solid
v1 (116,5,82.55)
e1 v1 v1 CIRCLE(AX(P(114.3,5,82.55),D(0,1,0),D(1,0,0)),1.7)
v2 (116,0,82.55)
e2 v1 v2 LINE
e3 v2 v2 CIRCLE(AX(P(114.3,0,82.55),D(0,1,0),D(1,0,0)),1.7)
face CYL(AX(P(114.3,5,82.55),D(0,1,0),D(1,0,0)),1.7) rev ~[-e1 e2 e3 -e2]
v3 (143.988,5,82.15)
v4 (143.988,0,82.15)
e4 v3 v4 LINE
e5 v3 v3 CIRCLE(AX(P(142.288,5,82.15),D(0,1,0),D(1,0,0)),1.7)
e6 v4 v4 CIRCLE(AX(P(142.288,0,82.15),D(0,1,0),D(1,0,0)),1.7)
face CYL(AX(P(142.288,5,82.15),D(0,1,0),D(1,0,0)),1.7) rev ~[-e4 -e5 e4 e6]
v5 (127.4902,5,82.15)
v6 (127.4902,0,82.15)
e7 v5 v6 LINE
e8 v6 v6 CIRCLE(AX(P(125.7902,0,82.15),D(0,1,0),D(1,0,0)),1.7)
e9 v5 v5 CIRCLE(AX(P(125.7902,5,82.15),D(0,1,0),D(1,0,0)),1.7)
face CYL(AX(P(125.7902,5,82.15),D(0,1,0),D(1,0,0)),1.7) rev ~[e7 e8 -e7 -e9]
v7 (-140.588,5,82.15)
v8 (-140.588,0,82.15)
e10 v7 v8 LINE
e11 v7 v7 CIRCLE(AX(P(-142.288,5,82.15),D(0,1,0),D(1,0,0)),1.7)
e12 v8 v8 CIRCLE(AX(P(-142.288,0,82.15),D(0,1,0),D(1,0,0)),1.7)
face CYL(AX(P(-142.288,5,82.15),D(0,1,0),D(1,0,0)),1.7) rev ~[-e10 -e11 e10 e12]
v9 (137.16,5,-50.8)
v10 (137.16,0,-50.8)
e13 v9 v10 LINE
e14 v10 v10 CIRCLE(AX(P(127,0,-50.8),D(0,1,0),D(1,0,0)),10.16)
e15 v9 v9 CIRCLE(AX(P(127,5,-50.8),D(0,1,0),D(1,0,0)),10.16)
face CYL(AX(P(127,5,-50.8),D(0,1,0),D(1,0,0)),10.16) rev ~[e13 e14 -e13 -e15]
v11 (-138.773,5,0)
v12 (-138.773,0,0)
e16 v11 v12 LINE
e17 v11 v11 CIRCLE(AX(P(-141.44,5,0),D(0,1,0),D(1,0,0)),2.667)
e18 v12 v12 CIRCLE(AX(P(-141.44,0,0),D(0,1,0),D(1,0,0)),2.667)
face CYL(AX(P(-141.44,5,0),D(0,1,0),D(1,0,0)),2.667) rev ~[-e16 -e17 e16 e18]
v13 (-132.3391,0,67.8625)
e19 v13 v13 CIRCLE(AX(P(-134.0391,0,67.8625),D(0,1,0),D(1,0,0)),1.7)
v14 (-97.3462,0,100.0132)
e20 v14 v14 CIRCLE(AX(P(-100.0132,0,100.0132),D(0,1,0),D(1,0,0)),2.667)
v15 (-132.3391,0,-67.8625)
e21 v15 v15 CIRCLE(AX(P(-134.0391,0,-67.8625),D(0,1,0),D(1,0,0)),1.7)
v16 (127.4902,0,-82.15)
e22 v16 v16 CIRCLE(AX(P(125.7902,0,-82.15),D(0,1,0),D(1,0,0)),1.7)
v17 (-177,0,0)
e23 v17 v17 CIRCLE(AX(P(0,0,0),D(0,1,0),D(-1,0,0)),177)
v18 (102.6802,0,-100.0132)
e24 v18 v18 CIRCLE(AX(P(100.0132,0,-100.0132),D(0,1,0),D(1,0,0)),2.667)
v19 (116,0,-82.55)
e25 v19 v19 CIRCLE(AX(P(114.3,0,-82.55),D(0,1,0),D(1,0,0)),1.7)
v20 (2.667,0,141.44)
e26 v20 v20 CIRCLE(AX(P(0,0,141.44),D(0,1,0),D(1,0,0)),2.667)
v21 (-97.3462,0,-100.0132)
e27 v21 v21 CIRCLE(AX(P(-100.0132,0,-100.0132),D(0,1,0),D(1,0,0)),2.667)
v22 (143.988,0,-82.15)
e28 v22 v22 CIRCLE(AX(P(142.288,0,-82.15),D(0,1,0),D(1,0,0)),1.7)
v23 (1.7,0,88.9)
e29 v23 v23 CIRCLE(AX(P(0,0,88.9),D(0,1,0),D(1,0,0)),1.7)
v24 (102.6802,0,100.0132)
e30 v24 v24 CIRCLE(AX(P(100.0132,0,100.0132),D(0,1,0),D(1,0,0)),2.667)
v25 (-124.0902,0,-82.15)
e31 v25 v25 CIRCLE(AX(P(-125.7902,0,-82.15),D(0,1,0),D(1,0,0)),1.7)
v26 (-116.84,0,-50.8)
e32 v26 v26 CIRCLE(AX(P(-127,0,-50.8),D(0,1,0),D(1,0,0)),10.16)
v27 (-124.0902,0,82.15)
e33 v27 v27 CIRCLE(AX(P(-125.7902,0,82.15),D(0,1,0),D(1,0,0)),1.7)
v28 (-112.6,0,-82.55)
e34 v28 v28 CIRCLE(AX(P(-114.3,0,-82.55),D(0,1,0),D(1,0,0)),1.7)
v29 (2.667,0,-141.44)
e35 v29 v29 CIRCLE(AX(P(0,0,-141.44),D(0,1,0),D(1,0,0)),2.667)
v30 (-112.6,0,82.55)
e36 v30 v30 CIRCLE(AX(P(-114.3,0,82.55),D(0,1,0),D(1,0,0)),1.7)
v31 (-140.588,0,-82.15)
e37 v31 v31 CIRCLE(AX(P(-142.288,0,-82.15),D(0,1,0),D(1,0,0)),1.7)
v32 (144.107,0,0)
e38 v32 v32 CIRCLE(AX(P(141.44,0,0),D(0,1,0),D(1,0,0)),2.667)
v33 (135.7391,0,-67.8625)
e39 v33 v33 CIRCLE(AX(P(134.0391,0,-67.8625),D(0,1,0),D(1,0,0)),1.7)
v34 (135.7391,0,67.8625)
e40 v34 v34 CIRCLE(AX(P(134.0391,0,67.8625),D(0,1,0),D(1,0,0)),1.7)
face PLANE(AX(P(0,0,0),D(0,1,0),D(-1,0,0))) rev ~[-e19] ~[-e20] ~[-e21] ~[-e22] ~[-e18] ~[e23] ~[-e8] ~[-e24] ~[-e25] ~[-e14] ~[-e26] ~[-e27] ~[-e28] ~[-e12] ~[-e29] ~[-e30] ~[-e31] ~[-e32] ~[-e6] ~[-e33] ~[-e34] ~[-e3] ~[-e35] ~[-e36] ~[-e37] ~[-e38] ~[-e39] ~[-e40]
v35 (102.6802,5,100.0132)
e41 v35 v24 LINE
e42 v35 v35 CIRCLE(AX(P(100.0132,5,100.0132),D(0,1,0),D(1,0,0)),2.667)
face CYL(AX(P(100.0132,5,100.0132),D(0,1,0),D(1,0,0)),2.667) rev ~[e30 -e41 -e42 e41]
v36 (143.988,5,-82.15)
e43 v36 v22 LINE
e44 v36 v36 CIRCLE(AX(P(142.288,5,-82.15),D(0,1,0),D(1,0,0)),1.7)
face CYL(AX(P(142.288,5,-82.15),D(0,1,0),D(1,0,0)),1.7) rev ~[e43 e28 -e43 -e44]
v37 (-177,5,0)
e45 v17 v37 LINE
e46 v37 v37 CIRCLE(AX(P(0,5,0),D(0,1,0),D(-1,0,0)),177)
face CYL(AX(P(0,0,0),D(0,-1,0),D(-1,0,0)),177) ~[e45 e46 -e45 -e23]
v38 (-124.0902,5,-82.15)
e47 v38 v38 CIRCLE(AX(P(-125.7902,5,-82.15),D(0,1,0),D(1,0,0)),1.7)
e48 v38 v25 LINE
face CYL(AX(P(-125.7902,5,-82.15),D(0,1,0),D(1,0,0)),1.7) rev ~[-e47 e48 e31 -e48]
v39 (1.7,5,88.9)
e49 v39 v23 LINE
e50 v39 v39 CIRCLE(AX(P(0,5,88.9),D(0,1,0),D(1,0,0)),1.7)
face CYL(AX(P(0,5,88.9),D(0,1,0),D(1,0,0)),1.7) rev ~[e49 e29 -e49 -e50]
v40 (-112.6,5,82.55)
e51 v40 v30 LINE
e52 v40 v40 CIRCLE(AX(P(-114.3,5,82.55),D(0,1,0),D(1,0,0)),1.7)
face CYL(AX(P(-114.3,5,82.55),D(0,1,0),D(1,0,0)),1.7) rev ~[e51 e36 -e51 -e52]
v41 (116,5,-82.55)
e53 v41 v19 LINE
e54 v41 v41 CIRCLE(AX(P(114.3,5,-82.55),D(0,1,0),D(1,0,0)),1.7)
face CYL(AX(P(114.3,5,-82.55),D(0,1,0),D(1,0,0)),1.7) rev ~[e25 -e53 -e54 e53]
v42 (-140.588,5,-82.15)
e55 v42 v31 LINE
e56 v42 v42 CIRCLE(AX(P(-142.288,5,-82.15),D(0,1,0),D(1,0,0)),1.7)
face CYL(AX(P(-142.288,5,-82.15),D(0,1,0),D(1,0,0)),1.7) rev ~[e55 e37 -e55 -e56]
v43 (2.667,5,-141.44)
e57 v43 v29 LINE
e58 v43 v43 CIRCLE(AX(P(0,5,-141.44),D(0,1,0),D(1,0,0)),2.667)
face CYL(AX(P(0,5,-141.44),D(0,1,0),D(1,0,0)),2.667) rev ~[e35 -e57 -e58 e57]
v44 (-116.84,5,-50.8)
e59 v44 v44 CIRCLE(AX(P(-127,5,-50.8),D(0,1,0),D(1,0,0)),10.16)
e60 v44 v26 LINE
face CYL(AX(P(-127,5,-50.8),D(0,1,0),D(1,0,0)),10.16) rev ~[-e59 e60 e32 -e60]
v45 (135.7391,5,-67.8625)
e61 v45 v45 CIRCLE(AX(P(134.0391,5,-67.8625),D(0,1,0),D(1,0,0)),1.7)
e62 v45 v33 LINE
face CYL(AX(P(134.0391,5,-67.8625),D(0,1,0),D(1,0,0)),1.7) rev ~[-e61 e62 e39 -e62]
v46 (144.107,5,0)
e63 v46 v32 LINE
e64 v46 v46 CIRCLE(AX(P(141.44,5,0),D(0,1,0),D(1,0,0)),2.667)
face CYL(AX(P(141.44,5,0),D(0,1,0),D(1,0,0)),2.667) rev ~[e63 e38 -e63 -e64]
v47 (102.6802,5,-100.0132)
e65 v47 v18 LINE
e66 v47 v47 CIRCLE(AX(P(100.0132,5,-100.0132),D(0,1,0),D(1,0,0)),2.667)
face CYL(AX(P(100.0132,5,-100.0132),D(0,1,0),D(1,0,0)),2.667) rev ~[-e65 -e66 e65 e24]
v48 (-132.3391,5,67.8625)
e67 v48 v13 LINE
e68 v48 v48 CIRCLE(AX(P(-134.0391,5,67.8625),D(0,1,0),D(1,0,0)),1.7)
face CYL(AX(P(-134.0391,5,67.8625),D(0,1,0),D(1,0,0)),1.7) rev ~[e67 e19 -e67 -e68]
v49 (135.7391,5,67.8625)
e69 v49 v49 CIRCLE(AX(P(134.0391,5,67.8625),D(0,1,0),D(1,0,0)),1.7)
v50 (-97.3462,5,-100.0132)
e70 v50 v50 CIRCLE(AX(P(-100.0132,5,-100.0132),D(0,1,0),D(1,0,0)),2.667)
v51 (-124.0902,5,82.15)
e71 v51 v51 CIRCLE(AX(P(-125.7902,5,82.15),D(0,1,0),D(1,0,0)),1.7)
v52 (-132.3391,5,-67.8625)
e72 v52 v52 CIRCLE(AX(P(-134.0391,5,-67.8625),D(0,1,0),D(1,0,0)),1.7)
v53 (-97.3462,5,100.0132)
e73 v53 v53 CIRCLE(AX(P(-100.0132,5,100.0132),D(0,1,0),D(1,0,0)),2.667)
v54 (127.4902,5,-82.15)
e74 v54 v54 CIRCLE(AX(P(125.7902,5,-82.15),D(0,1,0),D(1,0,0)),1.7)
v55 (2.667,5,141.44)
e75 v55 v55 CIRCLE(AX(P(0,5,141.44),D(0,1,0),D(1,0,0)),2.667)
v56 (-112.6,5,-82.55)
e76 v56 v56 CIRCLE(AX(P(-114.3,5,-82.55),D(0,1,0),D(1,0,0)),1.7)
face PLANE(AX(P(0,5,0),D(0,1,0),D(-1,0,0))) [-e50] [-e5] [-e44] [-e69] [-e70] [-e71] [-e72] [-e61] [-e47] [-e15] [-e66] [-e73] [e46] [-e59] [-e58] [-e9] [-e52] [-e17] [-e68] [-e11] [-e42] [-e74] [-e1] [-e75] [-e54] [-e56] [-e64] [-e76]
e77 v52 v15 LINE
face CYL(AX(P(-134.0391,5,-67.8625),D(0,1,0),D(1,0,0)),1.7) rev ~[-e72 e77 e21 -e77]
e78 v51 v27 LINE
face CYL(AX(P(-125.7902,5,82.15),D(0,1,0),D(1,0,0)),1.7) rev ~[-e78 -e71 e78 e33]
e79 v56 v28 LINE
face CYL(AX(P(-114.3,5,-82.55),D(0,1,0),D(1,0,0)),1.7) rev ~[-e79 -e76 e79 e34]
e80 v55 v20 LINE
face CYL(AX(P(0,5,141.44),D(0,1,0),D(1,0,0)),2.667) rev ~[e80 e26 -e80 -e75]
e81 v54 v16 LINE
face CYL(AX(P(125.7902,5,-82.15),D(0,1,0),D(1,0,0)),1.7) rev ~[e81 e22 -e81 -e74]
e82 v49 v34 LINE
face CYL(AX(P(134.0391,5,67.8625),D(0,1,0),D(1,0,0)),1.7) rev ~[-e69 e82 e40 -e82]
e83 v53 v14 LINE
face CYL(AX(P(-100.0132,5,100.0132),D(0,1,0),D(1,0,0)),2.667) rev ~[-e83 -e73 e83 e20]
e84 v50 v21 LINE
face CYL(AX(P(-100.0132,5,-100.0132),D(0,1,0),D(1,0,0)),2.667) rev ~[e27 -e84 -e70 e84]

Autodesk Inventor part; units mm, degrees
ref_plane "YZ Plane" through (0, 0, 0) normal (1, 0, 0) x (0, 1, 0)
ref_plane "XZ Plane" through (0, 0, 0) normal (0, 1, 0) x (-1, 0, 0)
ref_plane "XY Plane" through (0, 0, 0) normal (0, 0, 1) x (1, 0, 0)
sketch "Sketch1" plane through (0, 0, 0) normal (0, 1, 0) x (-1, 0, 0)
  circle A0 centre (0, 0) radius 177
  dimension "d0" = 354
extrude "Extrusion1" add sketch "Sketch1" along normal blind 5
sketch "Sketch2" plane through (0, 5, 0) normal (0, 1, 0) x (1, 0, 0)
  circle A0 centre (-114.3, 82.55) radius 1.7
  line L0 (-177, 0) -> (177, 0) construction
  line L1 (0, 177) -> (0, -177) construction
  circle A1 centre (114.3, 82.55) radius 1.7
  circle A2 centre (-114.3, -82.55) radius 1.7
  circle A3 centre (114.3, -82.55) radius 1.7
  point P0 (0, 0)
  dimension "d3" = 3.4
  dimension "d20" = 82.55
  dimension "d21" = 114.3
  dimension "d24" = 228.6
  dimension "d27" = 165.1
extrude "Level2 Standoffs" cut sketch "Sketch2" against normal through all
sketch "Sketch3" plane through (0, 5, 0) normal (0, 1, 0) x (1, 0, 0)
  circle A0 centre (-127, 50.8) radius 10.16
  circle A1 centre (127, 50.8) radius 10.16
  circle A2 centre (0, 0) radius 177 construction
  line L0 (0, 177) -> (0, -177) construction
  line L1 (177, 0) -> (-177, 0) construction
  circle A3 centre (0, 0) radius 177 construction
  dimension "d32" = 20.32
  dimension "d33" = 20.32
  dimension "d34" = 127
  dimension "d35" = 127
  dimension "d36" = 50.8
  dimension "d37" = 50.8
extrude "Wires" cut sketch "Sketch3" against normal through all
sketch "Sketch4" plane through (0, 5, 0) normal (0, 1, 0) x (1, 0, 0)
  line L0 (0, 0) -> (153.2865, -88.5) construction
  circle A0 centre (0, 0) radius 177 construction
  line L1 (-177, 0) -> (177, 0) construction
  circle A1 centre (142.288, -82.15) radius 1.7
  line L2 (142.288, -82.15) -> (134.0391, -77.3875) construction
  line L3 (134.0391, -232.1625) -> (134.0391, -55.1625) construction
  circle A2 centre (134.0391, -67.8625) radius 1.7
  line L4 (268.0782, 0) -> (114.7917, -88.5) construction
  circle A3 centre (125.7902, -82.15) radius 1.7
  circle A4 centre (125.7902, 82.15) radius 1.7
  circle A5 centre (142.288, 82.15) radius 1.7
  circle A6 centre (134.0391, 67.8625) radius 1.7
  line L5 (0, 177) -> (0, -177) construction
  circle A7 centre (-142.288, -82.15) radius 1.7
  circle A8 centre (-134.0391, -67.8625) radius 1.7
  circle A9 centre (-125.7902, -82.15) radius 1.7
  circle A10 centre (-125.7902, 82.15) radius 1.7
  circle A11 centre (-142.288, 82.15) radius 1.7
  circle A12 centre (-134.0391, 67.8625) radius 1.7
  dimension "d40" = 30
  dimension "d41" = 12.7
  dimension "d42" = 9.525
  dimension "d45" = 360
  dimension "d49" = 60
  dimension "d65" = 3.4
extrude "Level4 Standoffs" cut sketch "Sketch4" against normal through all
sketch "Sketch5" plane through (0, 5, 0) normal (0, 1, 0) x (1, 0, 0)
  circle A0 centre (0, -141.44) radius 2.667
  circle A1 centre (0, 0) radius 177 construction
  line L0 (0, -177) -> (89.0082, -177) construction
  circle A2 centre (100.0132, -100.0132) radius 2.667
  circle A3 centre (141.44, 0) radius 2.667
  circle A4 centre (100.0132, 100.0132) radius 2.667
  circle A5 centre (0, 141.44) radius 2.667
  circle A6 centre (-100.0132, 100.0132) radius 2.667
  circle A7 centre (-141.44, 0) radius 2.667
  circle A8 centre (-100.0132, -100.0132) radius 2.667
  dimension "d53" = 5.334
  dimension "d54" = 35.56
  dimension "d57" = 360
extrude "Zip Ties" cut sketch "Sketch5" against normal through all
sketch "Sketch6" plane through (0, 5, 0) normal (0, 1, 0) x (1, 0, 0)
  circle A0 centre (0, -88.9) radius 1.7
  point P0 (0, 0)
  dimension "d61" = 3.4
  dimension "d62" = 88.9
extrude "Extrusion6" cut sketch "Sketch6" against normal blind 25.4
equation "\"d0\" = robot_diameter"
equation "\"d1\" = hardboard_thickness"
equation "\"d3\" = m3_clearance"
equation "\"d24\" = 2 * d21"
equation "\"d27\" = 2 * d20"
equation "\"d33\" = d32"
equation "\"d35\" = d34"
equation "\"d37\" = d36"
equation "\"d65\" = m3_clearance"
equation "\"d61\" = m3_clearance"
equation "\"m3_heat_set_insert\" = 4"
equation "\"m3_clearance\" = 3.4"
equation "\"m3_heat_set_depth\" = 7"
equation "\"robot_diameter\" = 354"
equation "\"hardboard_thickness\" = 5"
equation "\"motor_centerline_height\" = 13"
properties part number "layer3_new"
